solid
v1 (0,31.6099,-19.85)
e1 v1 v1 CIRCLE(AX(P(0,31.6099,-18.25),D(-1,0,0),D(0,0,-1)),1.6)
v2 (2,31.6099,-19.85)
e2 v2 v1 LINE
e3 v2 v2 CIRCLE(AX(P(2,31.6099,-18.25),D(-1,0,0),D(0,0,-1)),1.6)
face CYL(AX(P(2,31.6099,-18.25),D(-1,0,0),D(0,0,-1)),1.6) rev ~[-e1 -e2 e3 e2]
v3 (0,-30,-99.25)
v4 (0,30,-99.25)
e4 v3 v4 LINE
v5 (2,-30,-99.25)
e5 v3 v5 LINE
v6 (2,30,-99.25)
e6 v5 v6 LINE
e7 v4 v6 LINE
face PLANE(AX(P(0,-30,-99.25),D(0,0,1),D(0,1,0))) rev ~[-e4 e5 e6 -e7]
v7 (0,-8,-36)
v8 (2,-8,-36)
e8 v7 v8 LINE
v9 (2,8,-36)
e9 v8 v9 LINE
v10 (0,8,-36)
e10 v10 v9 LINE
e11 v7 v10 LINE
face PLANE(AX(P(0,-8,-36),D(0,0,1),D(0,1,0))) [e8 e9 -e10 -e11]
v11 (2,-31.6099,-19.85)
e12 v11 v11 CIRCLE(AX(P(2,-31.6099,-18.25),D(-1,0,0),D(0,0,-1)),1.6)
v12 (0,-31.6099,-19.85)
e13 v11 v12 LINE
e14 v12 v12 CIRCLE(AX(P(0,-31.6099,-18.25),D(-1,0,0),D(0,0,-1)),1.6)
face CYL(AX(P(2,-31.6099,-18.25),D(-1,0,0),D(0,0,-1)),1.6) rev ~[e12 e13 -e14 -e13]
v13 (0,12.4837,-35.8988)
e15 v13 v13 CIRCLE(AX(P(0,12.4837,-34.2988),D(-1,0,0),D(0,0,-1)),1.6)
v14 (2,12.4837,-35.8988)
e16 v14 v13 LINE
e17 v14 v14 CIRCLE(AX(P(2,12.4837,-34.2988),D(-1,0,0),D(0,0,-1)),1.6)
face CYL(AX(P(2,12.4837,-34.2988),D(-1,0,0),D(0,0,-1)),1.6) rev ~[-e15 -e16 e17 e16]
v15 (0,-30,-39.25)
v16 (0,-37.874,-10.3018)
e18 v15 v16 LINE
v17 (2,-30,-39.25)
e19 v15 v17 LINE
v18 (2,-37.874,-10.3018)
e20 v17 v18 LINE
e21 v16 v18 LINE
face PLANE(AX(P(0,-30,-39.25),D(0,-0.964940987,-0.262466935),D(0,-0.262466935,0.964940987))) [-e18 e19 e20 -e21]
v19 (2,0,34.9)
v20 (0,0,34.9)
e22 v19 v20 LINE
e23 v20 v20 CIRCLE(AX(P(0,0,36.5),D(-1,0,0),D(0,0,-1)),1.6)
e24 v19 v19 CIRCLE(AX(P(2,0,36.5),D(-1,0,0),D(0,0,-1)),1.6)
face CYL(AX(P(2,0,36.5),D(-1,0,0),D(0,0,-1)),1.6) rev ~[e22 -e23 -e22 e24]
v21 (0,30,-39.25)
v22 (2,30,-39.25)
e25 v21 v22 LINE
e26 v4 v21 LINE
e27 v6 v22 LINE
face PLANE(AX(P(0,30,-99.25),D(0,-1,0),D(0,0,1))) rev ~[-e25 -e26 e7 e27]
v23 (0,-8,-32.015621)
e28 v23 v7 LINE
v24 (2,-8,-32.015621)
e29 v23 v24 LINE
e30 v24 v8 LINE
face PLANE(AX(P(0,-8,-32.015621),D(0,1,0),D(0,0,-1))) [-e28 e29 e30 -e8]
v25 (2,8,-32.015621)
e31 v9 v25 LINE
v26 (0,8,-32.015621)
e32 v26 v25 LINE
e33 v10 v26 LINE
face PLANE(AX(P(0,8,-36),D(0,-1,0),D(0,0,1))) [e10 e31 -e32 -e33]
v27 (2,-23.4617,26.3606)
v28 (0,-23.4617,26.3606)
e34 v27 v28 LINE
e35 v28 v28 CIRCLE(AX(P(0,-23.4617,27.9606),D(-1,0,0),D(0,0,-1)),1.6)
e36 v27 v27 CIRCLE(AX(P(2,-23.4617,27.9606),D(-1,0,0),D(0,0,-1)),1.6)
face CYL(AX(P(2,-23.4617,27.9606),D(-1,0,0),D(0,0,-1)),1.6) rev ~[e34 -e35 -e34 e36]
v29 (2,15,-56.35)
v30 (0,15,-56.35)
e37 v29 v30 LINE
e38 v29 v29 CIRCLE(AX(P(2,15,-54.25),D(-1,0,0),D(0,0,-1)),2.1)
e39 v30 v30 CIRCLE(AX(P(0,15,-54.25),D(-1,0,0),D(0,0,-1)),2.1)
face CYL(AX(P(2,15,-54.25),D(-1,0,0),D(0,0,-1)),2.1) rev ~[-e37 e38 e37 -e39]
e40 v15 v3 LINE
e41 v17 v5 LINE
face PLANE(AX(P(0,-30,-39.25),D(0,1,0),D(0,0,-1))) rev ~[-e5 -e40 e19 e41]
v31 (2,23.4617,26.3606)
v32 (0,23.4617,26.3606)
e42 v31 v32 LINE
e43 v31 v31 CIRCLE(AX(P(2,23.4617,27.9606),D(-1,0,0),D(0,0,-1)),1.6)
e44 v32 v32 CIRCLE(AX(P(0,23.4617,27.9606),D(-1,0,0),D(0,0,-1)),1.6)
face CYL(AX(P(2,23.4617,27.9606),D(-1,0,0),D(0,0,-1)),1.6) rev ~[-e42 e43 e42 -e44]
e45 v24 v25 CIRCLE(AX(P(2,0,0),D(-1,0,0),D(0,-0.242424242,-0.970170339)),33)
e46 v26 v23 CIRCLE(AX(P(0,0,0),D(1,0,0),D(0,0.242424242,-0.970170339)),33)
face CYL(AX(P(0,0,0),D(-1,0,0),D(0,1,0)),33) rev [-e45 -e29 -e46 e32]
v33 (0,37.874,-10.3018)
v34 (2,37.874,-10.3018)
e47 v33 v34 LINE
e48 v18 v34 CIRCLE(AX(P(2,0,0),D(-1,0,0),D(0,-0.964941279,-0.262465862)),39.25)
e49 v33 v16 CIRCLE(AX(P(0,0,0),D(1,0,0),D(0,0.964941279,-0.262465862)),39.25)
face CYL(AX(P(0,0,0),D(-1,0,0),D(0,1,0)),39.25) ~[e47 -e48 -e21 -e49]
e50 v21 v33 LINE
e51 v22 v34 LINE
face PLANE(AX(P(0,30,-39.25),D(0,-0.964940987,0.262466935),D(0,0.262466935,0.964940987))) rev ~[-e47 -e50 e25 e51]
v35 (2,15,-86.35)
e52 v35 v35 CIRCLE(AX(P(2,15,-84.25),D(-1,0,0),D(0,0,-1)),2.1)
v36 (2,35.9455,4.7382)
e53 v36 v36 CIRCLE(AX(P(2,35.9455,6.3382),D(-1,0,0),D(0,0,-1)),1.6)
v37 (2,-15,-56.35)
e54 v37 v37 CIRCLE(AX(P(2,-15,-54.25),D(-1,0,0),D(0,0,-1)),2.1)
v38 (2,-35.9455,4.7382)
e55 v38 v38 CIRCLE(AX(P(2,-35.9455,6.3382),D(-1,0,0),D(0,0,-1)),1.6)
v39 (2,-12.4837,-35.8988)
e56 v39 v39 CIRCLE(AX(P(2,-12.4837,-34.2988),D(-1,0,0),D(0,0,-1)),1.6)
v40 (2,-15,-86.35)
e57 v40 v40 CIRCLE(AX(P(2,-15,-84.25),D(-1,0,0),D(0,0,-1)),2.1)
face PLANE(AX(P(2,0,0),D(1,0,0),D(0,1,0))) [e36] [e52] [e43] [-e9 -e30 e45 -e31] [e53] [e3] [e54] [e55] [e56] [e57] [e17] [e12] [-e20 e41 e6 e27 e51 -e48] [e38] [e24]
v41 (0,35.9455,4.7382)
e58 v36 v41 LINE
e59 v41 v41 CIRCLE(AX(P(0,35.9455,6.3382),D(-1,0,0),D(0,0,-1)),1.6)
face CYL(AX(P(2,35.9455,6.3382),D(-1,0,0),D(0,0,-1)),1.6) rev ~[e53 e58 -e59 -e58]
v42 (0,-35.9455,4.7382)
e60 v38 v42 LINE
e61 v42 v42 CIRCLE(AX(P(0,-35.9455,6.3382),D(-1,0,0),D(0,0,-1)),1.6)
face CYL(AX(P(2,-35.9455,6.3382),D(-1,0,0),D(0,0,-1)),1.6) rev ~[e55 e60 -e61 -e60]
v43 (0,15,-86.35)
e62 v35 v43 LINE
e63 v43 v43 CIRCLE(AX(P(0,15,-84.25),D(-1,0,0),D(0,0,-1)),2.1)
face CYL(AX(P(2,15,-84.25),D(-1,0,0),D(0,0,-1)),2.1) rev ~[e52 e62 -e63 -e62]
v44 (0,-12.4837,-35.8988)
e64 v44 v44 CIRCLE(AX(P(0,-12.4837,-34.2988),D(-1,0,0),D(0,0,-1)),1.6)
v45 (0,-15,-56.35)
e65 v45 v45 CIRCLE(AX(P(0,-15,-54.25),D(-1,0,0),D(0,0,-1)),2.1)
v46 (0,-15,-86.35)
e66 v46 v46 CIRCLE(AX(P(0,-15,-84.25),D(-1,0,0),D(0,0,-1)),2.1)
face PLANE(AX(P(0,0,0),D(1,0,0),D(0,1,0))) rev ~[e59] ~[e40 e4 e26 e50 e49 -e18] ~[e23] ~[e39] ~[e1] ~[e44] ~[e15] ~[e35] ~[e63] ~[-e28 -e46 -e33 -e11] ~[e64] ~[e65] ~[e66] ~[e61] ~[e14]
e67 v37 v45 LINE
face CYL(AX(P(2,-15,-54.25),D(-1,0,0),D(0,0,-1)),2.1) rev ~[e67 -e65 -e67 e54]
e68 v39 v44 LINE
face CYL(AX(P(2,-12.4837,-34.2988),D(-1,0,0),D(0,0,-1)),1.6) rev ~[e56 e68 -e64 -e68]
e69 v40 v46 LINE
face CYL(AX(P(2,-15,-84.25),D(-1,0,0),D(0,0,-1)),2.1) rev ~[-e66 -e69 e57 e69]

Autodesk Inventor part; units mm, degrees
ref_plane "YZ Plane" through (0, 0, 0) normal (1, 0, 0) x (0, 1, 0)
ref_plane "XZ Plane" through (0, 0, 0) normal (0, 1, 0) x (-1, 0, 0)
ref_plane "XY Plane" through (0, 0, 0) normal (0, 0, 1) x (1, 0, 0)
sketch "スケッチ1" plane through (0, 0, 0) normal (1, 0, 0) x (0, 1, 0)
  circle A0 centre (0, 0) radius 39.25
  circle A1 centre (0, 0) radius 33
  line L0 (8, 0) -> (-8, 0)
  line L1 (-8, 0) -> (-8, -36)
  line L2 (-8, -36) -> (8, -36)
  line L3 (8, -36) -> (8, 0)
  line L4 (30, -39.25) -> (-30, -39.25)
  line L5 (-30, -39.25) -> (-30, -99.25)
  line L6 (-30, -99.25) -> (30, -99.25)
  line L7 (30, -99.25) -> (30, -39.25)
  line L8 (30, -39.25) -> (37.874, -10.3018)
  line L9 (-30, -39.25) -> (-37.874, -10.3018)
  point P0 (8, 32.0156)
  point P1 (8, -32.0156)
  point P2 (-8, -32.0156)
  point P3 (-8, 32.0156)
  point P4 (0, -39.25)
  dimension "d0" = 78.5
  dimension "d1" = 66
  dimension "d2" = 16
  dimension "d3" = 36
  dimension "d4" = 8
  dimension "d5" = 0
  dimension "d6" = 60
  dimension "d7" = 60
  dimension "d8" = 30
  dimension "d9" = 39.25
extrude "押し出し1" add sketch "スケッチ1" along normal blind 2
sketch "スケッチ2" plane through (2, 0, 0) normal (1, 0, 0) x (0, 0, -1)
  circle A0 centre (0, 0) radius 36.5
  point P0 (-36.5, 0)
  point P1 (-27.9606, -23.4617)
  point P2 (-6.3382, -35.9455)
  point P3 (18.25, -31.6099)
  point P4 (34.2988, -12.4837)
  point P5 (34.2988, 12.4837)
  point P6 (18.25, 31.6099)
  point P7 (-6.3382, 35.9455)
  point P8 (-27.9606, 23.4617)
  dimension "d12" = 73
  dimension "d15" = 360
hole "穴1" at (2, 0, 36.5) at (2, -23.4617, 27.9606) at (2, -35.9455, 6.3382) at (2, -31.6099, -18.25) at (2, -12.4837, -34.2988) at (2, 12.4837, -34.2988) at (2, 31.6099, -18.25) at (2, 35.9455, 6.3382) at (2, 23.4617, 27.9606) direction (-1, 0, 0) diameter 3.2 end through all
sketch "スケッチ3" plane through (2, 0, 0) normal (1, 0, 0) x (0, 0, -1)
  line L0 (54.25, 15) -> (84.25, 15)
  line L1 (84.25, 15) -> (84.25, -15)
  line L2 (84.25, -15) -> (54.25, -15)
  line L3 (54.25, -15) -> (54.25, 15)
  line L4 (99.25, -30) -> (99.25, 30) projected
  point P0 (0, 0)
  dimension "d24" = 30
  dimension "d25" = 30
  dimension "d26" = 15
  dimension "d27" = 15
hole "穴2" at (2, 15, -54.25) at (2, -15, -54.25) at (2, 15, -84.25) at (2, -15, -84.25) direction (-1, 0, 0) diameter 4.2 end through all
properties part number "link3_plate2" material "アルミニウム 6061"
